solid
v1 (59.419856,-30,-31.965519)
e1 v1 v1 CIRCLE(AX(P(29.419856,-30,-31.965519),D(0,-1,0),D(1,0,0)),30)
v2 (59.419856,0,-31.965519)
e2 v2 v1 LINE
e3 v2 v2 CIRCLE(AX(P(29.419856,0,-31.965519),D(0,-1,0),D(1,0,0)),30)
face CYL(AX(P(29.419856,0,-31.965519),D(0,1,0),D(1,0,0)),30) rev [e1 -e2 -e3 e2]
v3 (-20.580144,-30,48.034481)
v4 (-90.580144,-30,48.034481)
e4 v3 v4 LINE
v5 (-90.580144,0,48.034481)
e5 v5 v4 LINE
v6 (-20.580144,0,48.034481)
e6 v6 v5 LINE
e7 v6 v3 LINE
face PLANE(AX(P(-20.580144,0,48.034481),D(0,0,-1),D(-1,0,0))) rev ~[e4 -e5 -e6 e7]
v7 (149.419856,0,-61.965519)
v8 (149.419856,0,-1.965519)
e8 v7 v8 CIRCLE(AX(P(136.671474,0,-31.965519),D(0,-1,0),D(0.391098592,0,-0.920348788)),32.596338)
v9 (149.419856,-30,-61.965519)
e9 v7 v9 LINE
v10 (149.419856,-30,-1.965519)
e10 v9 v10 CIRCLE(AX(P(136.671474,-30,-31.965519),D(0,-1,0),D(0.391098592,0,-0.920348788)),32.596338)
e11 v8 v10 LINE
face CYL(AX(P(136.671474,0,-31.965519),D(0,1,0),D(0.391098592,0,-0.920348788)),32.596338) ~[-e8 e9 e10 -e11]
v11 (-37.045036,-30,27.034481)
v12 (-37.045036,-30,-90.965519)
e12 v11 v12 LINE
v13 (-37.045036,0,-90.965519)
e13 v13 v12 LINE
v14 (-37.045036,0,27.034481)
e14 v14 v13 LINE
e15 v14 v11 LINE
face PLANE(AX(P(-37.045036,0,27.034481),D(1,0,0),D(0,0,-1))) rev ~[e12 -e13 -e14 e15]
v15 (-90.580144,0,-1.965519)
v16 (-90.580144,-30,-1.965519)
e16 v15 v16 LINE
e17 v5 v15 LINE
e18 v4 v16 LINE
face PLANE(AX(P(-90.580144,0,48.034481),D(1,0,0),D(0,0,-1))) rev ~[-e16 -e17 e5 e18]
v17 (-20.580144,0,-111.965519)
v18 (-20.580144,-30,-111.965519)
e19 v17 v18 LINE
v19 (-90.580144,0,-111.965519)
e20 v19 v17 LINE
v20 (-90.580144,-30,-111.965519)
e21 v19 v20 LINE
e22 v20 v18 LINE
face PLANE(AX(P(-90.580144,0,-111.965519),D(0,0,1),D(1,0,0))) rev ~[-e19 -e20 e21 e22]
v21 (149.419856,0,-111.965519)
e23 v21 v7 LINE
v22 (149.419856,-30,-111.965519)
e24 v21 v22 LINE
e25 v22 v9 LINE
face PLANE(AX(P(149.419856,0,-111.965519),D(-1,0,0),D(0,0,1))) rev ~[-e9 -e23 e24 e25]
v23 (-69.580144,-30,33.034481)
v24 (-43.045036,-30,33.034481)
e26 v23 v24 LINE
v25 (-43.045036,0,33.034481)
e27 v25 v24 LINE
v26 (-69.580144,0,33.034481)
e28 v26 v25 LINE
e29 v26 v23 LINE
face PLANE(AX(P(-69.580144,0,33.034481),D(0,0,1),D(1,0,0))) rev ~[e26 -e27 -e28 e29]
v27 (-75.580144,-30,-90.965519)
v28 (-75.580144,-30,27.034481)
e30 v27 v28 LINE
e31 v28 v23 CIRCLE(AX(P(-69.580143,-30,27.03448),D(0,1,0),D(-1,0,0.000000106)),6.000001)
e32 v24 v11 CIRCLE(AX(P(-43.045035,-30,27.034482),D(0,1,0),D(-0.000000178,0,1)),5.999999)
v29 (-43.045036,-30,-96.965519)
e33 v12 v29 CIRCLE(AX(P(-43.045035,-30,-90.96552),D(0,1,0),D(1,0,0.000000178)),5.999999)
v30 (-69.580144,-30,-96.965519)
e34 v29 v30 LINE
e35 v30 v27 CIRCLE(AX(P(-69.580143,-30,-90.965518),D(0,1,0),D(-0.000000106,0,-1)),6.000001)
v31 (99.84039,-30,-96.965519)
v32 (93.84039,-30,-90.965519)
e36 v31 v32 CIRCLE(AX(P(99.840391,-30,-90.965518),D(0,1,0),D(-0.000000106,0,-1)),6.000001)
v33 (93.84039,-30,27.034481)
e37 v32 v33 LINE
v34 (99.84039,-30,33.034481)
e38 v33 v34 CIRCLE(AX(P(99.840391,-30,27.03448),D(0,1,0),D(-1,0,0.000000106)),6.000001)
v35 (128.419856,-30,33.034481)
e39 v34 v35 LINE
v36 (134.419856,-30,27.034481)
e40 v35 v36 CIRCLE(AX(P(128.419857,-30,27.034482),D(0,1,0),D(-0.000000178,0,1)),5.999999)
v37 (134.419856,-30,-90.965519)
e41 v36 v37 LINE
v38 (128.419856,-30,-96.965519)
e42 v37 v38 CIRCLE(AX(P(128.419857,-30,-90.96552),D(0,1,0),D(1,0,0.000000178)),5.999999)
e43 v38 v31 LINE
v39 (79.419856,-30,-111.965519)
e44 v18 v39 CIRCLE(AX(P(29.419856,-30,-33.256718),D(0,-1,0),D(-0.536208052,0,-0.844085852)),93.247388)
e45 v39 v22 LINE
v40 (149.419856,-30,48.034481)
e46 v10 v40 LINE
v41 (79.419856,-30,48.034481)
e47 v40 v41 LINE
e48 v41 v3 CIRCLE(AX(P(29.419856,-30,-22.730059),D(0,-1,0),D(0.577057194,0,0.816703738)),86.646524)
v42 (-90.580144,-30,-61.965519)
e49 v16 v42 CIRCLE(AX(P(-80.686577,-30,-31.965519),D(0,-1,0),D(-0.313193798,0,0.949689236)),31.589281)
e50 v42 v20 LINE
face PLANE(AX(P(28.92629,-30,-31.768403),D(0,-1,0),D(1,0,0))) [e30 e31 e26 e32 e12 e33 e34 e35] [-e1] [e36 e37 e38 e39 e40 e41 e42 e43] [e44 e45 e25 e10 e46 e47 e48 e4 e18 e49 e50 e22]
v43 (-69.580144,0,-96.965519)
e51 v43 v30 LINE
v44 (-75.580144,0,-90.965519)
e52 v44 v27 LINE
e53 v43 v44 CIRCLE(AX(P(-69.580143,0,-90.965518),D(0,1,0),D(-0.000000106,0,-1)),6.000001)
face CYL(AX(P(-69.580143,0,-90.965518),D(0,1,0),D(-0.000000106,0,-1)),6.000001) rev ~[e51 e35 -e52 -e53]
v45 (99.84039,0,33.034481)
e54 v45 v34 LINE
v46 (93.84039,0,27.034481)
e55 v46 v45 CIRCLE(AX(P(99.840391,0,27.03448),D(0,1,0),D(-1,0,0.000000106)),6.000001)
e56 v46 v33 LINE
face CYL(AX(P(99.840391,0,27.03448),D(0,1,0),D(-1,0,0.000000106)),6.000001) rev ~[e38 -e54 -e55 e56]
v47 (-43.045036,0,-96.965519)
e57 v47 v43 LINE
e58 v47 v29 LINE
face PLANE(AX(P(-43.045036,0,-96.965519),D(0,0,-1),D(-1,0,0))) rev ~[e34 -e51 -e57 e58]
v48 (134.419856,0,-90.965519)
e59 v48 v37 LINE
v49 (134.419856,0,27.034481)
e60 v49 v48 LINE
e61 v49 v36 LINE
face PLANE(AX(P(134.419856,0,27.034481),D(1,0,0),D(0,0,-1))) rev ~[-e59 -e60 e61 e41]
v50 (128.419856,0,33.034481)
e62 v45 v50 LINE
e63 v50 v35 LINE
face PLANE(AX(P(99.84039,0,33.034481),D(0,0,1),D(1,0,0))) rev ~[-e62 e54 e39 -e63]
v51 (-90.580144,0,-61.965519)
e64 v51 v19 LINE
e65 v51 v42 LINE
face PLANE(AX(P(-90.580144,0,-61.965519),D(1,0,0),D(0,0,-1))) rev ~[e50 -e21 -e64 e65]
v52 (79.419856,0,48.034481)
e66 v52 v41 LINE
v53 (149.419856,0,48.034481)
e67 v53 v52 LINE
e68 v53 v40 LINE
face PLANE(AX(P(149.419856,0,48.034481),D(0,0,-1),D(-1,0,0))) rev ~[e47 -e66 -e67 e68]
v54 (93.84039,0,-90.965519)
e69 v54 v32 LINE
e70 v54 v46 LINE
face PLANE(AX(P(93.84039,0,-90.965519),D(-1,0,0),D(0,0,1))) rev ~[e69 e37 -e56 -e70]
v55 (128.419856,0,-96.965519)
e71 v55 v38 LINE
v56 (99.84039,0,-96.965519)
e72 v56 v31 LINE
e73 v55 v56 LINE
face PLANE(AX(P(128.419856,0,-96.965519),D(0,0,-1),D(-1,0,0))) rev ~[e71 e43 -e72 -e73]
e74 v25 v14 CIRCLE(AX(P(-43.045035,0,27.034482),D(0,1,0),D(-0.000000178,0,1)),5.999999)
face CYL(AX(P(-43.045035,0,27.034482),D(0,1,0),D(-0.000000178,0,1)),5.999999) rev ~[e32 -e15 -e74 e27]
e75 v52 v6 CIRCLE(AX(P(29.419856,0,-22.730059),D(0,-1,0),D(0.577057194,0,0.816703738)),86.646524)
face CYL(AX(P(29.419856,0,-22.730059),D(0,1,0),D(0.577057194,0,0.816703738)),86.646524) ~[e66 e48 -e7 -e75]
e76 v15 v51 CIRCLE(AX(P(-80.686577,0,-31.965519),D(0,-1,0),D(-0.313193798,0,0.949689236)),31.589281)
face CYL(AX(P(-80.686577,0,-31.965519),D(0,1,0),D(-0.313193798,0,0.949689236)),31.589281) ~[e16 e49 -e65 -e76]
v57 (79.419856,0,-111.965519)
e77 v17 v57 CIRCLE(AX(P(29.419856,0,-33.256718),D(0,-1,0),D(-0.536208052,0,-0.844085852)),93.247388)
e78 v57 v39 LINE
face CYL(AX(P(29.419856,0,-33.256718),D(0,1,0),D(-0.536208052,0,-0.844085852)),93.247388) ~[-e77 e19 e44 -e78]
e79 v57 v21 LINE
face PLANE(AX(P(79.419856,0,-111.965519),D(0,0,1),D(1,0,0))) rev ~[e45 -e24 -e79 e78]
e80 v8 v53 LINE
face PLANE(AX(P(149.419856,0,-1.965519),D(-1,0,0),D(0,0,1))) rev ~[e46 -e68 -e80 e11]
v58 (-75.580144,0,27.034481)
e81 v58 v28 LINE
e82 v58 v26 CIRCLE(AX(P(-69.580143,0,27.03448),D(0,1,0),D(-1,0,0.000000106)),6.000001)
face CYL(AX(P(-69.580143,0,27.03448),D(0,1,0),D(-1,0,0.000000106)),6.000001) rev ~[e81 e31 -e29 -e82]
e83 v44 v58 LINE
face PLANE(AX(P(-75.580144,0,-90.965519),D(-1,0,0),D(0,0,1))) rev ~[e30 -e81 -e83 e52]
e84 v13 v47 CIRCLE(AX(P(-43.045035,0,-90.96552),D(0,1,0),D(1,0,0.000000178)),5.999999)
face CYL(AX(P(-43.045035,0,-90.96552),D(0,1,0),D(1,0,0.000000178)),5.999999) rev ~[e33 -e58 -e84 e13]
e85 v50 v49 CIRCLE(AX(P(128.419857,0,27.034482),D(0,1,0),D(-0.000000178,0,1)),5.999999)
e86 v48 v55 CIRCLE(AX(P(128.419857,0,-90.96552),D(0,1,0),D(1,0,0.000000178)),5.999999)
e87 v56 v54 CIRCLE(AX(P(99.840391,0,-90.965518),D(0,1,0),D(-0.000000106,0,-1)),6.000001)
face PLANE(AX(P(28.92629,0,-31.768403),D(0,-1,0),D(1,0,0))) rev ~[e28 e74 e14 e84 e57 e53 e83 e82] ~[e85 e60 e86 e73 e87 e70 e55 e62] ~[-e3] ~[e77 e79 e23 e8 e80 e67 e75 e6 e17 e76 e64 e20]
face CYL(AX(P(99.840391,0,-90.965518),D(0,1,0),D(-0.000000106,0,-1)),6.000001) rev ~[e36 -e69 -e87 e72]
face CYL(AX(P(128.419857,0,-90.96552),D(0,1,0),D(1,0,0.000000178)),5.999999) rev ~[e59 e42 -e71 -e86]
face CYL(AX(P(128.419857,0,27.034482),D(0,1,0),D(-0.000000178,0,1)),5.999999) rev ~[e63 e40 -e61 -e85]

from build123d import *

# Parameters (mm, degrees)
F0_R     = 30
F1_DEPTH = 30


with BuildPart() as f1:
    # F0 (on Front) → F1 (new body)
    with BuildSketch(Plane.XZ):
        with BuildLine():
            ThreePointArc((79.419856, 48.034481), (29.419856, 63.916465), (-20.580144, 48.034481))
            Line((-20.580144, 48.034481), (-90.580144, 48.034481))
            Line((-90.580144, 48.034481), (-90.580144, -1.965519))
            ThreePointArc((-90.580144, -1.965519), (-112.275858, -31.965519), (-90.580144, -61.965519))
            Line((-90.580144, -61.965519), (-90.580144, -111.965519))
            Line((-90.580144, -111.965519), (-20.580144, -111.965519))
            ThreePointArc((-20.580144, -111.965519), (29.419856, -126.504106), (79.419856, -111.965519))
            Line((79.419856, -111.965519), (149.419856, -111.965519))
            Line((149.419856, -111.965519), (149.419856, -61.965519))
            ThreePointArc((149.419856, -61.965519), (169.267812, -31.965519), (149.419856, -1.965519))
            Line((149.419856, -1.965519), (149.419856, 48.034481))
            Line((149.419856, 48.034481), (79.419856, 48.034481))
        make_face()
        with BuildLine():
            ThreePointArc((-75.580144, 27.034481), (-73.822784, 31.277122), (-69.580144, 33.034481))
            Line((-69.580144, 33.034481), (-43.045036, 33.034481))
            ThreePointArc((-43.045036, 33.034481), (-38.802395, 31.277122), (-37.045036, 27.034481))
            Line((-37.045036, 27.034481), (-37.045036, -90.965519))
            ThreePointArc((-37.045036, -90.965519), (-38.802395, -95.20816), (-43.045036, -96.965519))
            Line((-43.045036, -96.965519), (-69.580144, -96.965519))
            ThreePointArc((-69.580144, -96.965519), (-73.822784, -95.20816), (-75.580144, -90.965519))
            Line((-75.580144, -90.965519), (-75.580144, 27.034481))
        make_face(mode=Mode.SUBTRACT)
        with Locations((29.419856, -31.965519)):
            Circle(F0_R, mode=Mode.SUBTRACT)
        with BuildLine():
            ThreePointArc((93.84039, 27.034481), (95.59775, 31.277122), (99.84039, 33.034481))
            Line((99.84039, 33.034481), (128.419856, 33.034481))
            ThreePointArc((128.419856, 33.034481), (132.662497, 31.277122), (134.419856, 27.034481))
            Line((134.419856, 27.034481), (134.419856, -90.965519))
            ThreePointArc((134.419856, -90.965519), (132.662497, -95.20816), (128.419856, -96.965519))
            Line((128.419856, -96.965519), (99.84039, -96.965519))
            ThreePointArc((99.84039, -96.965519), (95.59775, -95.20816), (93.84039, -90.965519))
            Line((93.84039, -90.965519), (93.84039, 27.034481))
        make_face(mode=Mode.SUBTRACT)
    extrude(amount=F1_DEPTH)


solid = f1.part
